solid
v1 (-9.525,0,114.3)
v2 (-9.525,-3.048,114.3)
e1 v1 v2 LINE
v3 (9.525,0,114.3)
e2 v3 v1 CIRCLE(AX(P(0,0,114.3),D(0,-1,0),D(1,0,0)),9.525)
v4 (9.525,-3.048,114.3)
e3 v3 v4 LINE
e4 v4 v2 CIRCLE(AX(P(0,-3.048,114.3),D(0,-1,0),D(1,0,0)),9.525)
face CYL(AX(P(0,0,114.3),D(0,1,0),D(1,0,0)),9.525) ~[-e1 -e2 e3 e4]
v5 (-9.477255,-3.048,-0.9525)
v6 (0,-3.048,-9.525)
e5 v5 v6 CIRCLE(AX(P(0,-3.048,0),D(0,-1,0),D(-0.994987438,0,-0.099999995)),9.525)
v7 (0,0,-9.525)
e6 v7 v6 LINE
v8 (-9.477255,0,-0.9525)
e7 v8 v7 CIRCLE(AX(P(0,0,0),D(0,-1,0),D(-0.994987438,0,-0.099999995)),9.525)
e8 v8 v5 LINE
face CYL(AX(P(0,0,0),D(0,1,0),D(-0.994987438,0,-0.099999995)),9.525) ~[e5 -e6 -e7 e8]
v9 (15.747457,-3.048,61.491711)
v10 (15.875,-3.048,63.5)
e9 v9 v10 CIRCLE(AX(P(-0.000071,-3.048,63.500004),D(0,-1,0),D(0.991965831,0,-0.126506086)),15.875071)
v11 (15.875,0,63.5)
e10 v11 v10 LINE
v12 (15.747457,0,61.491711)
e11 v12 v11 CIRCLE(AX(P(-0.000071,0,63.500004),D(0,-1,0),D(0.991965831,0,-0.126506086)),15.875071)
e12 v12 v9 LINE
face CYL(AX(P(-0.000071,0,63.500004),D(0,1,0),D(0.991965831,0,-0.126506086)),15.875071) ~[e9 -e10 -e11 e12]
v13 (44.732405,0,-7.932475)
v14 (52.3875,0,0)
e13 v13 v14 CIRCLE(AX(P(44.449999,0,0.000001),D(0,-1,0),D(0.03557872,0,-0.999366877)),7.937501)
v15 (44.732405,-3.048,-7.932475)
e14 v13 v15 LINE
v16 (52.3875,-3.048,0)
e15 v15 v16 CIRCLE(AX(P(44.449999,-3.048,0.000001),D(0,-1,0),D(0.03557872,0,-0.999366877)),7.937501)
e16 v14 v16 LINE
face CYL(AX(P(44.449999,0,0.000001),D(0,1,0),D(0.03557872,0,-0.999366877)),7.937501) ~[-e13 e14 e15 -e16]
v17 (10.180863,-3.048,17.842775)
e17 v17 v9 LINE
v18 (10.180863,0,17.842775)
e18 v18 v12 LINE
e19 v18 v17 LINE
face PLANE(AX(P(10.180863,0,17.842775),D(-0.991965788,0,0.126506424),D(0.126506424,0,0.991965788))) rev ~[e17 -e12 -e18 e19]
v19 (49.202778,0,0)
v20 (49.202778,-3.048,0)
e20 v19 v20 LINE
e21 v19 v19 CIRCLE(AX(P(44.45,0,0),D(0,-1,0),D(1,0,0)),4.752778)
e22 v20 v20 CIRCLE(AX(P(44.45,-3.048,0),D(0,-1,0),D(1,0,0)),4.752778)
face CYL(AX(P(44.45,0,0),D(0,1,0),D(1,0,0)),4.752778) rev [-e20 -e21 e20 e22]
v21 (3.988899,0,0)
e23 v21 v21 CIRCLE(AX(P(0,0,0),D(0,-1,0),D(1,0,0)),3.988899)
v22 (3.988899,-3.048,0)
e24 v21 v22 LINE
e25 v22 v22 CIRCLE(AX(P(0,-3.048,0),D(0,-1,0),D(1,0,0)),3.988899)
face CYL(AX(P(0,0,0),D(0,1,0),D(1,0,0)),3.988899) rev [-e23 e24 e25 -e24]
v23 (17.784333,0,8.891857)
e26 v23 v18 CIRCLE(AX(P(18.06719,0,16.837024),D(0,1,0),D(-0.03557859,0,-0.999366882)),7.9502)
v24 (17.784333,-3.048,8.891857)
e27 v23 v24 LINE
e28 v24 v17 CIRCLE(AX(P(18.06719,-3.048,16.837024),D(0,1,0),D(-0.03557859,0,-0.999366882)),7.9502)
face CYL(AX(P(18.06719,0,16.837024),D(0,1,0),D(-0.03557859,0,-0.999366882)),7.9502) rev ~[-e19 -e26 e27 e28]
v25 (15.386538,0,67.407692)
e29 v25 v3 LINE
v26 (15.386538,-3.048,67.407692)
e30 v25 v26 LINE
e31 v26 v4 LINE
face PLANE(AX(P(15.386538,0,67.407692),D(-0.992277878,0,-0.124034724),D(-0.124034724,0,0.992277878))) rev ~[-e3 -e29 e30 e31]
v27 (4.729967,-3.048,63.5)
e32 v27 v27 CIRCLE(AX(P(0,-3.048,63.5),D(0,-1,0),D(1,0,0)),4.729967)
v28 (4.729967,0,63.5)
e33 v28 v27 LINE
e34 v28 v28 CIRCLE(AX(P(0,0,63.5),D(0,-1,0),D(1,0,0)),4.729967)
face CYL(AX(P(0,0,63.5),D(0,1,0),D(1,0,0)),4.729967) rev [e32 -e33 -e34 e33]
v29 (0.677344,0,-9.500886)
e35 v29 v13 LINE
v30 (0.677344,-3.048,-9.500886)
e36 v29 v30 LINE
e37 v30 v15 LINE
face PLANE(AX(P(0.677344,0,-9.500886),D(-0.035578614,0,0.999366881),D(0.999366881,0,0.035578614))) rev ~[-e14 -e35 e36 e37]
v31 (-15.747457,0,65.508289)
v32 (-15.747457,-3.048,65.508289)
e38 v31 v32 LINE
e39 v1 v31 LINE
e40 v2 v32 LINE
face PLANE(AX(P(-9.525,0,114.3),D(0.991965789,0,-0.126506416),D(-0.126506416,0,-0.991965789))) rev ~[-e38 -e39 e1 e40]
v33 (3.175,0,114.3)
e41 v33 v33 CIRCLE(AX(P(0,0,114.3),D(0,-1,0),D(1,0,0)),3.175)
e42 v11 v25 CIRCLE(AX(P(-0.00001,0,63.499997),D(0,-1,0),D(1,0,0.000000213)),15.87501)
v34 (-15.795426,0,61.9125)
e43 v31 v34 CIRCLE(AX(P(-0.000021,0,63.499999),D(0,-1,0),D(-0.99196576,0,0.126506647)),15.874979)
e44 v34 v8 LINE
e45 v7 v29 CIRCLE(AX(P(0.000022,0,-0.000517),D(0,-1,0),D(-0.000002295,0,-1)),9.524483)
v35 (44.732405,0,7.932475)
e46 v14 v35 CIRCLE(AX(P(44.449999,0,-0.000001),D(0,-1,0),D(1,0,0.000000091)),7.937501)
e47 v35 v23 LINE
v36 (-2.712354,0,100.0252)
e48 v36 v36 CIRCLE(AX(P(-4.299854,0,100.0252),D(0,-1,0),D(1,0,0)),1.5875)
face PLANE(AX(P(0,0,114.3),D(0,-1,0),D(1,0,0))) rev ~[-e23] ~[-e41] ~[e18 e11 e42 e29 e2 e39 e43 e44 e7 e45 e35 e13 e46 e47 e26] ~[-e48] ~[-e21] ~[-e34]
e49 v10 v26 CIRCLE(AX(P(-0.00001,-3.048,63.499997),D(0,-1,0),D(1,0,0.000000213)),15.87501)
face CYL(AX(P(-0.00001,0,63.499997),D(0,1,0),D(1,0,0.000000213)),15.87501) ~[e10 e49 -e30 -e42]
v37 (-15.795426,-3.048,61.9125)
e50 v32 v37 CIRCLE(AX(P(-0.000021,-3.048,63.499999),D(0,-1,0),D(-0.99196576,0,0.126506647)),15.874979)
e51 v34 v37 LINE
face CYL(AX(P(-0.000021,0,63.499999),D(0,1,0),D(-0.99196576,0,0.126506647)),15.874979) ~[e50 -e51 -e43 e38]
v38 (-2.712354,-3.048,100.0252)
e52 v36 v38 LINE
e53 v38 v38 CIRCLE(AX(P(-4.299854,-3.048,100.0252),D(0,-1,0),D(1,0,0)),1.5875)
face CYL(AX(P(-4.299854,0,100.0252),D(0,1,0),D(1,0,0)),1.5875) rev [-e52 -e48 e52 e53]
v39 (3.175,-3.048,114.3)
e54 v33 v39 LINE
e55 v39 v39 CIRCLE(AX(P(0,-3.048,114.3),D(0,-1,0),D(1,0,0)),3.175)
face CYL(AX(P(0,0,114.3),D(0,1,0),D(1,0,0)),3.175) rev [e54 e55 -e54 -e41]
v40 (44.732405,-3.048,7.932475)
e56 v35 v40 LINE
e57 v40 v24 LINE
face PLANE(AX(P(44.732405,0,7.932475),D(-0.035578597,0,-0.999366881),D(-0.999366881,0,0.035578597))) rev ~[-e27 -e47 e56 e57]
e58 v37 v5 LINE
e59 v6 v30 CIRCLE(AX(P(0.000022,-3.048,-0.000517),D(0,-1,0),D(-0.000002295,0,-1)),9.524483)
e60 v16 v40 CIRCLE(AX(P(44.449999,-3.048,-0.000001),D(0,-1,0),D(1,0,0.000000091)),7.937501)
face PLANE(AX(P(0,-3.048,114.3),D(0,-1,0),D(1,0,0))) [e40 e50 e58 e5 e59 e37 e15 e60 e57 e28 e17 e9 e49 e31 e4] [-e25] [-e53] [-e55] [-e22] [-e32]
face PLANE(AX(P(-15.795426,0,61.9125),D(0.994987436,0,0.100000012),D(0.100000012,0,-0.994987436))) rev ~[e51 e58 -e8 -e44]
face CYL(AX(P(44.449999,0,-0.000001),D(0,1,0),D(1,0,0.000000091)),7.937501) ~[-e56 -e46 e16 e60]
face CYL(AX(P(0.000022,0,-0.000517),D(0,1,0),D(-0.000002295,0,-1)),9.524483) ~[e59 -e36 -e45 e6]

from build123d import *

# Parameters (mm, degrees)
F0_R     = 3.175
F0_R_2   = 1.5875
F0_R_3   = 4.729967
F0_R_4   = 3.988899
F0_R_5   = 4.752778
F1_DEPTH = 3.048


with BuildPart() as f1:
    # F0 (on Front) → F1 (new body)
    with BuildSketch(Plane.XZ):
        with BuildLine():
            ThreePointArc((-9.525, 114.3), (0, 104.775), (9.525, 114.3))
            ThreePointArc((9.525, 114.3), (0, 123.825), (-9.525, 114.3))
        make_face()
        with Locations((0, 114.3)):
            Circle(F0_R, mode=Mode.SUBTRACT)
        with BuildLine():
            Line((15.386538, 67.407692), (9.525, 114.3))
            ThreePointArc((9.525, 114.3), (0, 104.775), (-9.525, 114.3))
            Line((-9.525, 114.3), (-15.747457, 65.508289))
            ThreePointArc((-15.747457, 65.508289), (-0.966695, 79.34554), (15.386538, 67.407692))
        make_face()
        with Locations((-4.299854, 100.0252)):
            Circle(F0_R_2, mode=Mode.SUBTRACT)
        with BuildLine():
            Line((15.875, 63.5), (15.386538, 67.407692))
            ThreePointArc((15.386538, 67.407692), (-0.966695, 79.34554), (-15.747457, 65.508289))
            ThreePointArc((-15.747457, 65.508289), (-15.873588, 63.711757), (-15.795426, 61.9125))
            ThreePointArc((-15.795426, 61.9125), (-0.211757, 47.626412), (15.747457, 61.491711))
            ThreePointArc((15.747457, 61.491711), (15.843082, 62.493832), (15.875, 63.5))
        make_face()
        with Locations((0, 63.5)):
            Circle(F0_R_3, mode=Mode.SUBTRACT)
        with BuildLine():
            ThreePointArc((15.875, 63.5), (15.752411, 65.469051), (15.386538, 67.407692))
            Line((15.386538, 67.407692), (15.875, 63.5))
        make_face()
        with BuildLine():
            ThreePointArc((15.747457, 61.491711), (-0.211757, 47.626412), (-15.795426, 61.9125))
            Line((-15.795426, 61.9125), (-9.477255, -0.9525))
            ThreePointArc((-9.477255, -0.9525), (-0.476848, 9.513056), (9.525, 0))
            ThreePointArc((9.525, 0), (6.970557, -6.491299), (0.677344, -9.500886))
            Line((0.677344, -9.500886), (44.732405, -7.932475))
            ThreePointArc((44.732405, -7.932475), (36.5125, 0), (44.732405, 7.932475))
            Line((44.732405, 7.932475), (17.784333, 8.891857))
            ThreePointArc((17.784333, 8.891857), (12.008013, 11.68998), (10.180863, 17.842775))
            Line((10.180863, 17.842775), (15.747457, 61.491711))
        make_face()
        with BuildLine():
            ThreePointArc((9.525, 0), (-0.476848, 9.513056), (-9.477255, -0.9525))
            ThreePointArc((-9.477255, -0.9525), (-6.389564, -7.063929), (0, -9.525))
            Line((0, -9.525), (0.677344, -9.500886))
            ThreePointArc((0.677344, -9.500886), (6.970557, -6.491299), (9.525, 0))
        make_face()
        Circle(F0_R_4, mode=Mode.SUBTRACT)
        with BuildLine():
            Line((0.677344, -9.500886), (0, -9.525))
            ThreePointArc((0, -9.525), (0.338886, -9.51897), (0.677344, -9.500886))
        make_face()
        with BuildLine():
            ThreePointArc((52.3875, 0), (50.161633, 5.51191), (44.732405, 7.932475))
            ThreePointArc((44.732405, 7.932475), (36.5125, 0), (44.732405, -7.932475))
            ThreePointArc((44.732405, -7.932475), (50.161633, -5.51191), (52.3875, 0))
        make_face()
        with Locations((44.45, 0)):
            Circle(F0_R_5, mode=Mode.SUBTRACT)
    extrude(amount=F1_DEPTH)


solid = f1.part
